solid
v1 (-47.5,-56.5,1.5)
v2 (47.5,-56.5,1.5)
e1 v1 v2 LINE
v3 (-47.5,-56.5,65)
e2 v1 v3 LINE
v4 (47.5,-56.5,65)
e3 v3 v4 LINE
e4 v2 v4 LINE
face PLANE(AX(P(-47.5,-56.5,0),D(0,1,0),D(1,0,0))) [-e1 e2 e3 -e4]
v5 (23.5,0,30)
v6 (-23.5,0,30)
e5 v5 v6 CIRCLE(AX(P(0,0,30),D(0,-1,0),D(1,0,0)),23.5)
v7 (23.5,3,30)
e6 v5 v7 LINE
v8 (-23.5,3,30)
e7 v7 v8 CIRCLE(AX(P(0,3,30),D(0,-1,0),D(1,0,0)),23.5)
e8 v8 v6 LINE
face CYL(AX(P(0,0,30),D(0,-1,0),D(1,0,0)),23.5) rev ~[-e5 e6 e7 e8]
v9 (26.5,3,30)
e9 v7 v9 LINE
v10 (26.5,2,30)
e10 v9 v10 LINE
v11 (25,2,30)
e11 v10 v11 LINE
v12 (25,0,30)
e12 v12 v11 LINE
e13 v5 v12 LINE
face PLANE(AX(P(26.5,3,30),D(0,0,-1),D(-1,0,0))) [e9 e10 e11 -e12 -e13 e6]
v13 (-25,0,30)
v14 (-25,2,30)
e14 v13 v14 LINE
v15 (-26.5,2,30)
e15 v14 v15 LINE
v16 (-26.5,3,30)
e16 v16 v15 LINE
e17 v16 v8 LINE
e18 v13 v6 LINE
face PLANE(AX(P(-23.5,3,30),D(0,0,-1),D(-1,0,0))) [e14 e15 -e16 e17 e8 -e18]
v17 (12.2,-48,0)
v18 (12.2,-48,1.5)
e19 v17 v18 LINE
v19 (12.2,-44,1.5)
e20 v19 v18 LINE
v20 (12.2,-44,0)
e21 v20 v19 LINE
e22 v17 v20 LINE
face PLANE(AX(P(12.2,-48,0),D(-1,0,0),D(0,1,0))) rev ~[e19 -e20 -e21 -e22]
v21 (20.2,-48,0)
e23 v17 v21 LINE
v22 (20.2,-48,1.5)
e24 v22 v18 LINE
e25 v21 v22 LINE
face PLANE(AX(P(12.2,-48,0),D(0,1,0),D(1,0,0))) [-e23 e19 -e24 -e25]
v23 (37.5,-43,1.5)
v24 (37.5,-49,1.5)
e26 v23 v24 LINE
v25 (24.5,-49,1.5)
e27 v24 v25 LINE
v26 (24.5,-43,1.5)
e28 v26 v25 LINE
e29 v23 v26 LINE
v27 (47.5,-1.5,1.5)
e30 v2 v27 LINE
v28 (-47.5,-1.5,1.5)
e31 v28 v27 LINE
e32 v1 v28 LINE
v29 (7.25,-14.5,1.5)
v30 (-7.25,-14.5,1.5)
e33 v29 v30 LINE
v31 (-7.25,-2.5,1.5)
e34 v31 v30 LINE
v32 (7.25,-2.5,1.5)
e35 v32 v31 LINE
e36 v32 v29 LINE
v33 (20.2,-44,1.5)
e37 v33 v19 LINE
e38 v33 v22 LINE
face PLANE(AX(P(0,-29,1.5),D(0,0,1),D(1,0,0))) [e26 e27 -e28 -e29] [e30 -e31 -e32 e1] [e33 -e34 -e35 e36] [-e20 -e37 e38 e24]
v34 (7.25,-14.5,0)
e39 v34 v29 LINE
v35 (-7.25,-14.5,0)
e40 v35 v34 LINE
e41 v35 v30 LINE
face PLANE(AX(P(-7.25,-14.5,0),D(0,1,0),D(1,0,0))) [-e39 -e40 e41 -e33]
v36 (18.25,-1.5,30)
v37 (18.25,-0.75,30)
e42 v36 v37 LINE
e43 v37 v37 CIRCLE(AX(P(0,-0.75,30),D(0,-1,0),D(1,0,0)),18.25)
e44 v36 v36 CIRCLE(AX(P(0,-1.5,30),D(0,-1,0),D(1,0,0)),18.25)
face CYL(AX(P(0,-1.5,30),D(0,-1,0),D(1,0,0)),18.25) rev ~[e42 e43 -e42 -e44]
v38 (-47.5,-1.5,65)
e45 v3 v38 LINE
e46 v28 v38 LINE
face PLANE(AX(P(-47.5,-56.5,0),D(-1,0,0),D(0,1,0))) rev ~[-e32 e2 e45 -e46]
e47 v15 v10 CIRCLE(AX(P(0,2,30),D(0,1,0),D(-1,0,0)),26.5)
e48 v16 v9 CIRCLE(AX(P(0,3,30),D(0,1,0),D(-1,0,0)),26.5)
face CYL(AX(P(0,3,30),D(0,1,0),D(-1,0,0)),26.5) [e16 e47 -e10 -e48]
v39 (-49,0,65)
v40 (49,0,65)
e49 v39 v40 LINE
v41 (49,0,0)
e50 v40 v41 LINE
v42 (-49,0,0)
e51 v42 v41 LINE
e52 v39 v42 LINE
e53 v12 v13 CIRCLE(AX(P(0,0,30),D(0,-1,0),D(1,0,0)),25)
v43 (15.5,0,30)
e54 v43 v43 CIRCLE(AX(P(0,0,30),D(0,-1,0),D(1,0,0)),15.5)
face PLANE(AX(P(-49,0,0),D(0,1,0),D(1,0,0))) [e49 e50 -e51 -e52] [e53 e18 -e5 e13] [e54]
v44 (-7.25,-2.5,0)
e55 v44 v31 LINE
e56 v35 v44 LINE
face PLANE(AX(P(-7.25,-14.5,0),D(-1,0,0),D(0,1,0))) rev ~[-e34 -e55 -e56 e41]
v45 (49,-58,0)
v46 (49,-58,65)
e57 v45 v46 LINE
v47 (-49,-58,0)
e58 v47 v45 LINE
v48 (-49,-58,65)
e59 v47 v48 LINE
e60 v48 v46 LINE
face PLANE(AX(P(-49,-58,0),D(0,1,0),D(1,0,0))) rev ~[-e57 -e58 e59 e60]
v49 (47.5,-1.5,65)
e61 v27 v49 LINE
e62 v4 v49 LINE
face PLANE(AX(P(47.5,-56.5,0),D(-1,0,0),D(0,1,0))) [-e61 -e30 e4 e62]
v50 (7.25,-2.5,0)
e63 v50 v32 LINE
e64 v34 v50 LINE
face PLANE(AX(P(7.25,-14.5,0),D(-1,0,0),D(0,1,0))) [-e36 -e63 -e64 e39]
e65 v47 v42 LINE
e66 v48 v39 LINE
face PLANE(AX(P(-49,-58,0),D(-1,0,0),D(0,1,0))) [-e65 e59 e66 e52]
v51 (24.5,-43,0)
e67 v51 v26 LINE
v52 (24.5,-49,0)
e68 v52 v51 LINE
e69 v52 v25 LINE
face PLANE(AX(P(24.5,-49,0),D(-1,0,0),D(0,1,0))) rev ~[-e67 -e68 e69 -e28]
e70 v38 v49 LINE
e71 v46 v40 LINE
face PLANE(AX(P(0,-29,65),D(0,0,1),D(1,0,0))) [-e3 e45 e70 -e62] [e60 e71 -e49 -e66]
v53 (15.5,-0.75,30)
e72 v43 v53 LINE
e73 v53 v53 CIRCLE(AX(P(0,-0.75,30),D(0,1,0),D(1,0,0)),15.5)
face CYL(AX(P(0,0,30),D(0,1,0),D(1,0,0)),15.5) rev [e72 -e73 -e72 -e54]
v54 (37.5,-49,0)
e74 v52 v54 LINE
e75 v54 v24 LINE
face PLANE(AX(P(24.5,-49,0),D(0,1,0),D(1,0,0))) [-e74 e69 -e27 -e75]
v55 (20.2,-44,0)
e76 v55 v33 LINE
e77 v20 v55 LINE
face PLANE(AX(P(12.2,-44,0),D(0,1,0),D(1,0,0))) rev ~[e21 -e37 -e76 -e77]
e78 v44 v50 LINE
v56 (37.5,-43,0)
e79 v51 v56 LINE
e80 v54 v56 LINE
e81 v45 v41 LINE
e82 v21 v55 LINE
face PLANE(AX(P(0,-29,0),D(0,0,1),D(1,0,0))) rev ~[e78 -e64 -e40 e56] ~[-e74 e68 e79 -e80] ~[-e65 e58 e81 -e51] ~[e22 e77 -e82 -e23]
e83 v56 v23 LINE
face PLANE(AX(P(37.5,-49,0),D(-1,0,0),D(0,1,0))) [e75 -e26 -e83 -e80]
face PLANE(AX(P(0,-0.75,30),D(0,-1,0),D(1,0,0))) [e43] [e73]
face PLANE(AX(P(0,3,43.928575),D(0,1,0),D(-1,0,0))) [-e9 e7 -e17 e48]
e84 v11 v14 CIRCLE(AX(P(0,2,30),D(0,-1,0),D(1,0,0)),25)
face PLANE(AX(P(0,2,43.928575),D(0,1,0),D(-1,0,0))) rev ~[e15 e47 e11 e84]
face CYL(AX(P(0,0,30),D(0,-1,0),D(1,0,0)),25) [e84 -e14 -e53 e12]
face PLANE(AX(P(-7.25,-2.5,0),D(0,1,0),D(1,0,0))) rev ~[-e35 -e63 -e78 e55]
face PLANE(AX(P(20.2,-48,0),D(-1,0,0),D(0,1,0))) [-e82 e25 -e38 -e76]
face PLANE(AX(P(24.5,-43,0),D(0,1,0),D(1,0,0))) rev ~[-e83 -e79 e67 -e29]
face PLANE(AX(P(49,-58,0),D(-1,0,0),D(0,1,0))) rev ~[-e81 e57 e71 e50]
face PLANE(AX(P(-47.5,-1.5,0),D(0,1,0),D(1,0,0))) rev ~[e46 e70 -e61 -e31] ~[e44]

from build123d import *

# Parameters (mm, degrees)
SKETCH_W        = 98
SKETCH_H        = 58
SKETCH_W_2      = 95
SKETCH_H_2      = 55
PAD_DEPTH       = 65
SKETCH001_W     = 98
SKETCH001_H     = 58
PAD001_DEPTH    = 1.5
SKETCH002_R     = 15.5
POCKET_DEPTH    = 5
SKETCH004_R     = 18.25
POCKET002_DEPTH = 0.75
SKETCH003_W     = 14.5
SKETCH003_H     = 12
SKETCH003_W_2   = 13
SKETCH003_H_2   = 6
SKETCH003_W_3   = 8
SKETCH003_H_3   = 4
POCKET003_DEPTH = 5
PAD002_DEPTH    = 3
PAD003_DEPTH    = 1


with BuildPart() as part:
    # Sketch → Pad (new body)
    with BuildSketch(Plane.XY):
        with Locations((0, -29)):
            Rectangle(SKETCH_W, SKETCH_H)
        with Locations((0, -29)):
            Rectangle(SKETCH_W_2, SKETCH_H_2, mode=Mode.SUBTRACT)
    extrude(amount=PAD_DEPTH)

    # Sketch001 → Pad001 (join)
    with BuildSketch(Plane.XY):
        with Locations((0, -29)):
            Rectangle(SKETCH001_W, SKETCH001_H)
    extrude(amount=PAD001_DEPTH)

    # Sketch002 → Pocket (cut)
    with BuildSketch(Plane.XZ):
        with Locations((0, 30)):
            Circle(SKETCH002_R)
    extrude(amount=POCKET_DEPTH, mode=Mode.SUBTRACT)

    # Sketch004 → Pocket002 (cut)
    with BuildSketch(Plane.XZ.offset(1.5)):
        with Locations((0, 30)):
            Circle(SKETCH004_R)
    extrude(amount=-POCKET002_DEPTH, mode=Mode.SUBTRACT)

    # Sketch003 → Pocket003 (cut)
    with BuildSketch(Plane.XY):
        with Locations((0, -8.5)):
            Rectangle(SKETCH003_W, SKETCH003_H)
        with Locations((31, -46)):
            Rectangle(SKETCH003_W_2, SKETCH003_H_2)
        with Locations((16.2, -46)):
            Rectangle(SKETCH003_W_3, SKETCH003_H_3)
    extrude(amount=POCKET003_DEPTH, mode=Mode.SUBTRACT)

    # Sketch005 → Pad002 (join)
    with BuildSketch(Plane.XZ):
        with BuildLine():
            ThreePointArc((23.5, 30), (0, 53.5), (-23.5, 30))
            Line((-25, 30), (-23.5, 30))
            ThreePointArc((25, 30), (0, 55), (-25, 30))
            Line((23.5, 30), (25, 30))
        make_face()
    extrude(amount=-PAD002_DEPTH)

    # Sketch006 (on Face33 of Pad002) → Pad003 (join)
    with BuildSketch(Plane(origin=(0, 3, 0), x_dir=(-1, 0, 0), z_dir=(0, 1, 0))):
        with BuildLine():
            ThreePointArc((26.5, 30), (0, 56.5), (-26.5, 30))
            Line((-26.5, 30), (-23.5, 30))
            ThreePointArc((23.5, 30), (0, 53.5), (-23.5, 30))
            Line((23.5, 30), (26.5, 30))
        make_face()
    extrude(amount=-PAD003_DEPTH)


solid = part.part
